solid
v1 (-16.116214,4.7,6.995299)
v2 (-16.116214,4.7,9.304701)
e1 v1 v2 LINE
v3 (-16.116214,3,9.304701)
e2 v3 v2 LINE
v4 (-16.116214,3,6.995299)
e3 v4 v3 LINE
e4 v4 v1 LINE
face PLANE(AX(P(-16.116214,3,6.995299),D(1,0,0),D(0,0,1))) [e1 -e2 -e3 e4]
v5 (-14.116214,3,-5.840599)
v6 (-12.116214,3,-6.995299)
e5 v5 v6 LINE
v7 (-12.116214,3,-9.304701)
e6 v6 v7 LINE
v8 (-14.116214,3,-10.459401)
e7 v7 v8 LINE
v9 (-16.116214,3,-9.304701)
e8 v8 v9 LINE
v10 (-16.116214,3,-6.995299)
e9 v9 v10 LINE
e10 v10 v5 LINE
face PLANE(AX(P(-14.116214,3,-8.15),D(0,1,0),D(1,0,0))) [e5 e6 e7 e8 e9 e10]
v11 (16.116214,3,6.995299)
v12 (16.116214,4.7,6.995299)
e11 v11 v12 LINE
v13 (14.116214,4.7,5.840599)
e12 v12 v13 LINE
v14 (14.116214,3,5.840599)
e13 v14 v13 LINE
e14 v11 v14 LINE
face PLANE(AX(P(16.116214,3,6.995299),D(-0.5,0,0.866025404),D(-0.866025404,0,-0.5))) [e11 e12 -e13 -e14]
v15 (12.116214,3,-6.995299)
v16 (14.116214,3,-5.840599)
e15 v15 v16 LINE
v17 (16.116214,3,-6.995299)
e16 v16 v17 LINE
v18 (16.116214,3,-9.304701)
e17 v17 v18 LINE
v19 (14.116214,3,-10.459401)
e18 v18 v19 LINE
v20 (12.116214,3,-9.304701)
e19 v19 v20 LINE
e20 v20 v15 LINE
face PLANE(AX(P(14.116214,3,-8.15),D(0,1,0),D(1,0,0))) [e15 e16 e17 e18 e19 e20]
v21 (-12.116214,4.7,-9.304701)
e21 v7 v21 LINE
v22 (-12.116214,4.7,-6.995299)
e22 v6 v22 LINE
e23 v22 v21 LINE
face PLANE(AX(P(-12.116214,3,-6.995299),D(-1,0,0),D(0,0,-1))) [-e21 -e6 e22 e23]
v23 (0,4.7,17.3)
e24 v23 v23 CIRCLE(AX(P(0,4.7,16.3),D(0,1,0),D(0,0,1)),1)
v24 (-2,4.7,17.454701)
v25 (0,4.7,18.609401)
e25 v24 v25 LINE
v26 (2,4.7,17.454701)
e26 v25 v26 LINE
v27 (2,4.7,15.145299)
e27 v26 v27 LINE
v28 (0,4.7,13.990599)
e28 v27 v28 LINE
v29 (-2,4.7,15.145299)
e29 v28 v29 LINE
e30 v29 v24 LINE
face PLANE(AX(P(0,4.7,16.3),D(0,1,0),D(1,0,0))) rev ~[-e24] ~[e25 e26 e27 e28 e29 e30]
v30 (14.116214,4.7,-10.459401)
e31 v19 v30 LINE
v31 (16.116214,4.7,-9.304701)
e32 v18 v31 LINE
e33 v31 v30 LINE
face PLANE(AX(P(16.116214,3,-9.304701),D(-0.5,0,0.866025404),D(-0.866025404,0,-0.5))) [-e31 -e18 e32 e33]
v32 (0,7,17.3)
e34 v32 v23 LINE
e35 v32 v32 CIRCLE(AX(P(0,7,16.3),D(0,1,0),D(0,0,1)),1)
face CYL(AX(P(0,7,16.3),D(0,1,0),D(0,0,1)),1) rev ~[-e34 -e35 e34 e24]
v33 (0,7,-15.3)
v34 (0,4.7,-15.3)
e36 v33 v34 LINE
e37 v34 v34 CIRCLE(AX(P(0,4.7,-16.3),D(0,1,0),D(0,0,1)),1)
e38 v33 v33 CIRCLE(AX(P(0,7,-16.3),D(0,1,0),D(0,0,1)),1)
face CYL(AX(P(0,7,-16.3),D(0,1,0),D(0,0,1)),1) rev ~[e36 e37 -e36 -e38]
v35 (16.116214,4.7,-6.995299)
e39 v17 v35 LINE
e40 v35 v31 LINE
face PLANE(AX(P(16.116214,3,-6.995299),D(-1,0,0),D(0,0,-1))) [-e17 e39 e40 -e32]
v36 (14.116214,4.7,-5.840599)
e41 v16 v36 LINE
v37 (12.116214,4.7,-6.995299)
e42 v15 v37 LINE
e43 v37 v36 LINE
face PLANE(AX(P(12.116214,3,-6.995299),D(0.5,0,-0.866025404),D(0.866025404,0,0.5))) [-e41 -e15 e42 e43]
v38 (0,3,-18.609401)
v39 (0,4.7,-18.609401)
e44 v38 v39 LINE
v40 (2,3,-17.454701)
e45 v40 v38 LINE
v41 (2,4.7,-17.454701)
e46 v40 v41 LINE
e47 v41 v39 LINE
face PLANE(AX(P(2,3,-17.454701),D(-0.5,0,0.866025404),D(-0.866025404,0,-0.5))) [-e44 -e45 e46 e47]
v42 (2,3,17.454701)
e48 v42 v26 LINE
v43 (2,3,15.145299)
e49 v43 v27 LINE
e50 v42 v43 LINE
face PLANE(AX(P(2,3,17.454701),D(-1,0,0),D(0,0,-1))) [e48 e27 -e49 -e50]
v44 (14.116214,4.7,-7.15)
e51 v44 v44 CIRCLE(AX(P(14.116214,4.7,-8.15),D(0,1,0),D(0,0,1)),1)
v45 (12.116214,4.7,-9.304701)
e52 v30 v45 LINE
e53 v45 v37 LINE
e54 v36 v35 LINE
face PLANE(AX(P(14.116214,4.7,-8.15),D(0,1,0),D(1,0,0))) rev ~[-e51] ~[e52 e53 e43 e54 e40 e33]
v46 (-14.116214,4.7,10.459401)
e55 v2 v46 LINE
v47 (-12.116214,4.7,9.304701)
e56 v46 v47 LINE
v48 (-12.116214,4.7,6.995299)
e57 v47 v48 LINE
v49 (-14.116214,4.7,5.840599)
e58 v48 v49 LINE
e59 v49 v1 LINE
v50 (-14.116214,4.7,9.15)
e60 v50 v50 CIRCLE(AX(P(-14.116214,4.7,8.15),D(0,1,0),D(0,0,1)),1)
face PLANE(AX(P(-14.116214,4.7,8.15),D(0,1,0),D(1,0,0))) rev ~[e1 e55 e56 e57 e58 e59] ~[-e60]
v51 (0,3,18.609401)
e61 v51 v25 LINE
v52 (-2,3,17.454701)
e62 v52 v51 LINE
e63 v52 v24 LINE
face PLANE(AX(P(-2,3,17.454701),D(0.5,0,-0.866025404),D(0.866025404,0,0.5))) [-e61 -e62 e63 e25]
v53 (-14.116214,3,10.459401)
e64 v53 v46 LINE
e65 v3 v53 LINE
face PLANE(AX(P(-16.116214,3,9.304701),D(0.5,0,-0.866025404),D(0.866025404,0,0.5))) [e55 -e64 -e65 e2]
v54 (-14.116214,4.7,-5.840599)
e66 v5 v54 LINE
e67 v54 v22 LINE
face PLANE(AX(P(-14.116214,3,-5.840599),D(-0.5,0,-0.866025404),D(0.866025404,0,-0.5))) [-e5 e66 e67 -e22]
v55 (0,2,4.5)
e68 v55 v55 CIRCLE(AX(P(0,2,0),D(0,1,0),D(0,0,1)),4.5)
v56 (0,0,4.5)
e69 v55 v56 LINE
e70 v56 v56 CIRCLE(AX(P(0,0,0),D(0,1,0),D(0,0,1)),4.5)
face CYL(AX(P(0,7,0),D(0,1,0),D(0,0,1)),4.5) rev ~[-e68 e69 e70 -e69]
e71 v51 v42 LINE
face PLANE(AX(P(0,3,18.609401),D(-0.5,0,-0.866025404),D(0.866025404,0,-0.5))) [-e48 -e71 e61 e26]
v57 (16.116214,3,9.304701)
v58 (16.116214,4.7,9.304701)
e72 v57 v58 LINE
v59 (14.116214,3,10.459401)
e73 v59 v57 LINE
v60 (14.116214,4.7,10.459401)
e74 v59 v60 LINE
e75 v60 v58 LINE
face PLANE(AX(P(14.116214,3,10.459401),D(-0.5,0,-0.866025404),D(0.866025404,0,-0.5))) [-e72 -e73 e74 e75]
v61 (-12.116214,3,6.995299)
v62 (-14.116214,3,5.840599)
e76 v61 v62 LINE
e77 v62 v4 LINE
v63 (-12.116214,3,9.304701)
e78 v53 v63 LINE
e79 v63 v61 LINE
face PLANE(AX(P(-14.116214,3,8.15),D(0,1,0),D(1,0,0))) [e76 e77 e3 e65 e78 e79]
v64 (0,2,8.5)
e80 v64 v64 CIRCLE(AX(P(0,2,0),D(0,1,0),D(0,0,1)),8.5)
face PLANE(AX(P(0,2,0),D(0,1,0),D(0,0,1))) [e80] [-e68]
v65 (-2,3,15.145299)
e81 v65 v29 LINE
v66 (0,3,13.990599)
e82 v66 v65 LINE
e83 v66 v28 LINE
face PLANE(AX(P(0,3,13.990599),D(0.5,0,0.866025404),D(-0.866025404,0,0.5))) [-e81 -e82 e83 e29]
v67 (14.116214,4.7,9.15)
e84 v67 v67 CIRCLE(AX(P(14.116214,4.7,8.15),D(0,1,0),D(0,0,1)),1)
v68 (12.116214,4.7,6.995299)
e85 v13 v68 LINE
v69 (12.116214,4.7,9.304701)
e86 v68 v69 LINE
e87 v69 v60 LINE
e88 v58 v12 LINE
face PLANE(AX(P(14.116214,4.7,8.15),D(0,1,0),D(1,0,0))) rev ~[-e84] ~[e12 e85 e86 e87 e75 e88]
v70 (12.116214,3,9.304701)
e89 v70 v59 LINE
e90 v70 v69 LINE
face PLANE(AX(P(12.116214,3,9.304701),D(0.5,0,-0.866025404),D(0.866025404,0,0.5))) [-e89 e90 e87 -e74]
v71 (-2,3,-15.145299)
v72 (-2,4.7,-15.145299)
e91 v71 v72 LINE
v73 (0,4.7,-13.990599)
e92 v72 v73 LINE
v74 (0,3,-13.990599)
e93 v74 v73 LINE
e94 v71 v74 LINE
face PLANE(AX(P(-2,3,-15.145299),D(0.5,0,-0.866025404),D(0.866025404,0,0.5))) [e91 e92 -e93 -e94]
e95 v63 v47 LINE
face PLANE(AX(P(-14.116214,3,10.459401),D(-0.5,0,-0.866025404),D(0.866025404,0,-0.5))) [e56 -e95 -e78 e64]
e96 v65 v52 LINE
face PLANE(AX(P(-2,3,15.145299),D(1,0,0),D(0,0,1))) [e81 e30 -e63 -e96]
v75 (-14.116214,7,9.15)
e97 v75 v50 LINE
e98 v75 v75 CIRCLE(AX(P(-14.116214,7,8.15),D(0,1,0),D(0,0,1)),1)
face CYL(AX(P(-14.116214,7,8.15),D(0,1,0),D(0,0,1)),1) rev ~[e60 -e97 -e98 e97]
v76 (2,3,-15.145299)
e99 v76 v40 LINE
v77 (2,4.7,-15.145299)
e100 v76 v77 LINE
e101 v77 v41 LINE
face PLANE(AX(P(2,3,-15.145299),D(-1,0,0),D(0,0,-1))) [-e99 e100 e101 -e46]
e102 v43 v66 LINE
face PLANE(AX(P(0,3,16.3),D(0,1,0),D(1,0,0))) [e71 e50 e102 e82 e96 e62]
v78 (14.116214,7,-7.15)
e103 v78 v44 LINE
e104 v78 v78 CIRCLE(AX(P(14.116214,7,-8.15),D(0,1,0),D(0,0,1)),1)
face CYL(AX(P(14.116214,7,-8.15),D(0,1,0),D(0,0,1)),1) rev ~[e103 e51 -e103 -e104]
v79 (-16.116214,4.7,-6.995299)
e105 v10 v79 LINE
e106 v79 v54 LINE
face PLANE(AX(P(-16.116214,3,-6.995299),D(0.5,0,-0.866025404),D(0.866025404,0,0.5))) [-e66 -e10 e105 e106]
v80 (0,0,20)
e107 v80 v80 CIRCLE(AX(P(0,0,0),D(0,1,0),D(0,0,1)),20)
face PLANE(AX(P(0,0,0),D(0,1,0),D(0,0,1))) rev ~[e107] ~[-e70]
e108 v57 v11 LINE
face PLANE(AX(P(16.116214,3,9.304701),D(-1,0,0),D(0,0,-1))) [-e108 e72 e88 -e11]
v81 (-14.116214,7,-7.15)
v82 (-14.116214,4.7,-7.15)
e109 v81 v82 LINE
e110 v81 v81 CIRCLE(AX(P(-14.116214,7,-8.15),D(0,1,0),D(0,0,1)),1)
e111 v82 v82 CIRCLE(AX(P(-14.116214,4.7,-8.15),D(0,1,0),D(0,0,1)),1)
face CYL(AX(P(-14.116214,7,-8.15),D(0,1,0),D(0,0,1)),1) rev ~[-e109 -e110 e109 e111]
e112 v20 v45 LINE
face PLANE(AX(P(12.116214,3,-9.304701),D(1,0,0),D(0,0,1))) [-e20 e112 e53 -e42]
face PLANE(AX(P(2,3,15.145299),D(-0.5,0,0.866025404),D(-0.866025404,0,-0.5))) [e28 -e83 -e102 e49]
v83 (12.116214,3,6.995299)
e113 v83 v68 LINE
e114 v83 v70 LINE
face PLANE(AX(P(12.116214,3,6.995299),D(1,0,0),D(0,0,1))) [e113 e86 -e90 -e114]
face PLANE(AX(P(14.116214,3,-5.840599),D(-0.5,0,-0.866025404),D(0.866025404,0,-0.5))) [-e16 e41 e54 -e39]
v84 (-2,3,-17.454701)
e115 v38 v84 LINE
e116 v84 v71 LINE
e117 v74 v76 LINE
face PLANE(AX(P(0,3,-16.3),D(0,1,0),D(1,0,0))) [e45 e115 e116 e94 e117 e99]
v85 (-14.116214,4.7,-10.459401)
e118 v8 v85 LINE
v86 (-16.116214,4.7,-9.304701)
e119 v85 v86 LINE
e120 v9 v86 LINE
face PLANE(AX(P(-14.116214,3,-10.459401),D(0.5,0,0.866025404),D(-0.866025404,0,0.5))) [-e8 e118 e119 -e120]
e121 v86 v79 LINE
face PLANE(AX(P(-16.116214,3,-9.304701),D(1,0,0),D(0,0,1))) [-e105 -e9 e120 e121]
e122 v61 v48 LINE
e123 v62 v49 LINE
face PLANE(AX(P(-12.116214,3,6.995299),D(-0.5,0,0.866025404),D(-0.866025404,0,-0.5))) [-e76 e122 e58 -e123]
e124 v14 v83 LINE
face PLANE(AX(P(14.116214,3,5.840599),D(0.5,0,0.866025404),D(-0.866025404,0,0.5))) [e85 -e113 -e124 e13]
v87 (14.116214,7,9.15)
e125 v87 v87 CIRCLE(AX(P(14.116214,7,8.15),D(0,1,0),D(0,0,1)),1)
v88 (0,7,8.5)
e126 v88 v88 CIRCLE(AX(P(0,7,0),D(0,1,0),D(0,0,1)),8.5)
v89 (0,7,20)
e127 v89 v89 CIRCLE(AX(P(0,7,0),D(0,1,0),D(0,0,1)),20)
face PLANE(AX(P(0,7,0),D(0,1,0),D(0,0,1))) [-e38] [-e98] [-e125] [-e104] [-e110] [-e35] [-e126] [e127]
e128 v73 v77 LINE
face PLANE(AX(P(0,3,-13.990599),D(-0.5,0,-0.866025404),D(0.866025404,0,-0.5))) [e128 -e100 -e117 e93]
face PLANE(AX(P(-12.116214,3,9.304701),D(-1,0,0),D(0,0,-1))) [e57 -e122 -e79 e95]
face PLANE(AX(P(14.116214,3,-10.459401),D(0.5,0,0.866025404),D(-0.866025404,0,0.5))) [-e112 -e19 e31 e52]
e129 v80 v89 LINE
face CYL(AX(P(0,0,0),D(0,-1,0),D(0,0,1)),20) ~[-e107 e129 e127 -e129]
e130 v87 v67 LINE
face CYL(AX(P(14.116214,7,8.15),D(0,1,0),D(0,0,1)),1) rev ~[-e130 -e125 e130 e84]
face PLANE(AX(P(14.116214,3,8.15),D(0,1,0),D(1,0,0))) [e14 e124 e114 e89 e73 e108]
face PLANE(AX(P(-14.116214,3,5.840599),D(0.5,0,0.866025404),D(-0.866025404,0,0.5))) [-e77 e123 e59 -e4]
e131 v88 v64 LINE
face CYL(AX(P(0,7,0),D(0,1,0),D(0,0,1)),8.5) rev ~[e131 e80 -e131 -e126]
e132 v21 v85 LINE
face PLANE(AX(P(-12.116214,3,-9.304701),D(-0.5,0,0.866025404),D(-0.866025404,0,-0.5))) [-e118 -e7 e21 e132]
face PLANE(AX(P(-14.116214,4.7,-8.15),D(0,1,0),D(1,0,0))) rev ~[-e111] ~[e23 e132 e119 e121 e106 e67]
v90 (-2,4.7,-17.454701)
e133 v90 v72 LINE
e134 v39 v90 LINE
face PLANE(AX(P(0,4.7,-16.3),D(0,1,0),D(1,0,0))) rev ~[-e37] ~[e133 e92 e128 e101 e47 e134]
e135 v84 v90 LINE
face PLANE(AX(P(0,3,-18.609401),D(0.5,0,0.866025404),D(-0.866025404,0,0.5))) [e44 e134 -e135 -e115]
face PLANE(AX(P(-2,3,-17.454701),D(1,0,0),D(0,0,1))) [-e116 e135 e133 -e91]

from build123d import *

# Parameters (mm, degrees)
SKETCH1_R           = 20
BOSS_EXTRUDE1_DEPTH = 7
SKETCH2_R           = 8.5
CUT_EXTRUDE1_DEPTH  = 5
SKETCH3_R           = 4.5
CUT_EXTRUDE2_DEPTH  = 30.137604569
SKETCH4_R           = 1
CUT_EXTRUDE3_DEPTH  = 4
CUT_EXTRUDE4_DEPTH  = 1.7


with BuildPart() as part:
    # Sketch1 → Boss-Extrude1 (new body)
    with BuildSketch(Plane(origin=(0, 0, 0), x_dir=(1, 0, 0), z_dir=(0, 1, 0))):
        with Locations(Location((0, 0, 0), (0, 0, 270))):
            Circle(SKETCH1_R)
    extrude(amount=BOSS_EXTRUDE1_DEPTH)

    # Sketch2 → Cut-Extrude1 (cut)
    with BuildSketch(Plane(origin=(0, 7, 0), x_dir=(1, 0, 0), z_dir=(0, 1, 0))):
        with Locations(Location((0, 0, 0), (0, 0, 270))):
            Circle(SKETCH2_R)
    extrude(amount=-CUT_EXTRUDE1_DEPTH, mode=Mode.SUBTRACT)

    # Sketch3 → Cut-Extrude2 (cut, through all)
    with BuildSketch(Plane(origin=(0, 7, 0), x_dir=(1, 0, 0), z_dir=(0, 1, 0))):
        with Locations(Location((0, 0, 0), (0, 0, 270))):
            Circle(SKETCH3_R)
    extrude(amount=-CUT_EXTRUDE2_DEPTH, mode=Mode.SUBTRACT)

    # Sketch4 → Cut-Extrude3 (cut)
    with BuildSketch(Plane(origin=(0, 7, 0), x_dir=(1, 0, 0), z_dir=(0, 1, 0))):
        with Locations(Location((0, 16.3, 0), (0, 0, 270))):
            Circle(SKETCH4_R)
        with Locations(Location((14.116214082, 8.15, 0), (0, 0, 270))):
            Circle(SKETCH4_R)
        with Locations(Location((14.116214082, -8.15, 0), (0, 0, 270))):
            Circle(SKETCH4_R)
        with Locations(Location((0, -16.3, 0), (0, 0, 270))):
            Circle(SKETCH4_R)
        with Locations(Location((-14.116214082, -8.15, 0), (0, 0, 270))):
            Circle(SKETCH4_R)
        with Locations(Location((-14.116214082, 8.15, 0), (0, 0, 270))):
            Circle(SKETCH4_R)
    extrude(amount=-CUT_EXTRUDE3_DEPTH, mode=Mode.SUBTRACT)

    # Sketch5 → Cut-Extrude4 (cut)
    with BuildSketch(Plane(origin=(0, 3, 0), x_dir=(1, 0, 0), z_dir=(0, 1, 0))):
        Polygon((12.116214082, 6.995299462), (14.116214082, 5.840598923), (16.116214082, 6.995299462), (16.116214082, 9.304700538), (14.116214082, 10.459401077), (12.116214082, 9.304700538), align=None)
        Polygon((0, 13.990598923), (2, 15.145299462), (2, 17.454700538), (0, 18.609401077), (-2, 17.454700538), (-2, 15.145299462), align=None)
        Polygon((12.116214082, -6.995299462), (12.116214082, -9.304700538), (14.116214082, -10.459401077), (16.116214082, -9.304700538), (16.116214082, -6.995299462), (14.116214082, -5.840598923), align=None)
        Polygon((0, -13.990598923), (-2, -15.145299462), (-2, -17.454700538), (0, -18.609401077), (2, -17.454700538), (2, -15.145299462), align=None)
        Polygon((-12.116214082, -6.995299462), (-14.116214082, -5.840598923), (-16.116214082, -6.995299462), (-16.116214082, -9.304700538), (-14.116214082, -10.459401077), (-12.116214082, -9.304700538), align=None)
        Polygon((-12.116214082, 6.995299462), (-12.116214082, 9.304700538), (-14.116214082, 10.459401077), (-16.116214082, 9.304700538), (-16.116214082, 6.995299462), (-14.116214082, 5.840598923), align=None)
    extrude(amount=CUT_EXTRUDE4_DEPTH, mode=Mode.SUBTRACT)


solid = part.part
